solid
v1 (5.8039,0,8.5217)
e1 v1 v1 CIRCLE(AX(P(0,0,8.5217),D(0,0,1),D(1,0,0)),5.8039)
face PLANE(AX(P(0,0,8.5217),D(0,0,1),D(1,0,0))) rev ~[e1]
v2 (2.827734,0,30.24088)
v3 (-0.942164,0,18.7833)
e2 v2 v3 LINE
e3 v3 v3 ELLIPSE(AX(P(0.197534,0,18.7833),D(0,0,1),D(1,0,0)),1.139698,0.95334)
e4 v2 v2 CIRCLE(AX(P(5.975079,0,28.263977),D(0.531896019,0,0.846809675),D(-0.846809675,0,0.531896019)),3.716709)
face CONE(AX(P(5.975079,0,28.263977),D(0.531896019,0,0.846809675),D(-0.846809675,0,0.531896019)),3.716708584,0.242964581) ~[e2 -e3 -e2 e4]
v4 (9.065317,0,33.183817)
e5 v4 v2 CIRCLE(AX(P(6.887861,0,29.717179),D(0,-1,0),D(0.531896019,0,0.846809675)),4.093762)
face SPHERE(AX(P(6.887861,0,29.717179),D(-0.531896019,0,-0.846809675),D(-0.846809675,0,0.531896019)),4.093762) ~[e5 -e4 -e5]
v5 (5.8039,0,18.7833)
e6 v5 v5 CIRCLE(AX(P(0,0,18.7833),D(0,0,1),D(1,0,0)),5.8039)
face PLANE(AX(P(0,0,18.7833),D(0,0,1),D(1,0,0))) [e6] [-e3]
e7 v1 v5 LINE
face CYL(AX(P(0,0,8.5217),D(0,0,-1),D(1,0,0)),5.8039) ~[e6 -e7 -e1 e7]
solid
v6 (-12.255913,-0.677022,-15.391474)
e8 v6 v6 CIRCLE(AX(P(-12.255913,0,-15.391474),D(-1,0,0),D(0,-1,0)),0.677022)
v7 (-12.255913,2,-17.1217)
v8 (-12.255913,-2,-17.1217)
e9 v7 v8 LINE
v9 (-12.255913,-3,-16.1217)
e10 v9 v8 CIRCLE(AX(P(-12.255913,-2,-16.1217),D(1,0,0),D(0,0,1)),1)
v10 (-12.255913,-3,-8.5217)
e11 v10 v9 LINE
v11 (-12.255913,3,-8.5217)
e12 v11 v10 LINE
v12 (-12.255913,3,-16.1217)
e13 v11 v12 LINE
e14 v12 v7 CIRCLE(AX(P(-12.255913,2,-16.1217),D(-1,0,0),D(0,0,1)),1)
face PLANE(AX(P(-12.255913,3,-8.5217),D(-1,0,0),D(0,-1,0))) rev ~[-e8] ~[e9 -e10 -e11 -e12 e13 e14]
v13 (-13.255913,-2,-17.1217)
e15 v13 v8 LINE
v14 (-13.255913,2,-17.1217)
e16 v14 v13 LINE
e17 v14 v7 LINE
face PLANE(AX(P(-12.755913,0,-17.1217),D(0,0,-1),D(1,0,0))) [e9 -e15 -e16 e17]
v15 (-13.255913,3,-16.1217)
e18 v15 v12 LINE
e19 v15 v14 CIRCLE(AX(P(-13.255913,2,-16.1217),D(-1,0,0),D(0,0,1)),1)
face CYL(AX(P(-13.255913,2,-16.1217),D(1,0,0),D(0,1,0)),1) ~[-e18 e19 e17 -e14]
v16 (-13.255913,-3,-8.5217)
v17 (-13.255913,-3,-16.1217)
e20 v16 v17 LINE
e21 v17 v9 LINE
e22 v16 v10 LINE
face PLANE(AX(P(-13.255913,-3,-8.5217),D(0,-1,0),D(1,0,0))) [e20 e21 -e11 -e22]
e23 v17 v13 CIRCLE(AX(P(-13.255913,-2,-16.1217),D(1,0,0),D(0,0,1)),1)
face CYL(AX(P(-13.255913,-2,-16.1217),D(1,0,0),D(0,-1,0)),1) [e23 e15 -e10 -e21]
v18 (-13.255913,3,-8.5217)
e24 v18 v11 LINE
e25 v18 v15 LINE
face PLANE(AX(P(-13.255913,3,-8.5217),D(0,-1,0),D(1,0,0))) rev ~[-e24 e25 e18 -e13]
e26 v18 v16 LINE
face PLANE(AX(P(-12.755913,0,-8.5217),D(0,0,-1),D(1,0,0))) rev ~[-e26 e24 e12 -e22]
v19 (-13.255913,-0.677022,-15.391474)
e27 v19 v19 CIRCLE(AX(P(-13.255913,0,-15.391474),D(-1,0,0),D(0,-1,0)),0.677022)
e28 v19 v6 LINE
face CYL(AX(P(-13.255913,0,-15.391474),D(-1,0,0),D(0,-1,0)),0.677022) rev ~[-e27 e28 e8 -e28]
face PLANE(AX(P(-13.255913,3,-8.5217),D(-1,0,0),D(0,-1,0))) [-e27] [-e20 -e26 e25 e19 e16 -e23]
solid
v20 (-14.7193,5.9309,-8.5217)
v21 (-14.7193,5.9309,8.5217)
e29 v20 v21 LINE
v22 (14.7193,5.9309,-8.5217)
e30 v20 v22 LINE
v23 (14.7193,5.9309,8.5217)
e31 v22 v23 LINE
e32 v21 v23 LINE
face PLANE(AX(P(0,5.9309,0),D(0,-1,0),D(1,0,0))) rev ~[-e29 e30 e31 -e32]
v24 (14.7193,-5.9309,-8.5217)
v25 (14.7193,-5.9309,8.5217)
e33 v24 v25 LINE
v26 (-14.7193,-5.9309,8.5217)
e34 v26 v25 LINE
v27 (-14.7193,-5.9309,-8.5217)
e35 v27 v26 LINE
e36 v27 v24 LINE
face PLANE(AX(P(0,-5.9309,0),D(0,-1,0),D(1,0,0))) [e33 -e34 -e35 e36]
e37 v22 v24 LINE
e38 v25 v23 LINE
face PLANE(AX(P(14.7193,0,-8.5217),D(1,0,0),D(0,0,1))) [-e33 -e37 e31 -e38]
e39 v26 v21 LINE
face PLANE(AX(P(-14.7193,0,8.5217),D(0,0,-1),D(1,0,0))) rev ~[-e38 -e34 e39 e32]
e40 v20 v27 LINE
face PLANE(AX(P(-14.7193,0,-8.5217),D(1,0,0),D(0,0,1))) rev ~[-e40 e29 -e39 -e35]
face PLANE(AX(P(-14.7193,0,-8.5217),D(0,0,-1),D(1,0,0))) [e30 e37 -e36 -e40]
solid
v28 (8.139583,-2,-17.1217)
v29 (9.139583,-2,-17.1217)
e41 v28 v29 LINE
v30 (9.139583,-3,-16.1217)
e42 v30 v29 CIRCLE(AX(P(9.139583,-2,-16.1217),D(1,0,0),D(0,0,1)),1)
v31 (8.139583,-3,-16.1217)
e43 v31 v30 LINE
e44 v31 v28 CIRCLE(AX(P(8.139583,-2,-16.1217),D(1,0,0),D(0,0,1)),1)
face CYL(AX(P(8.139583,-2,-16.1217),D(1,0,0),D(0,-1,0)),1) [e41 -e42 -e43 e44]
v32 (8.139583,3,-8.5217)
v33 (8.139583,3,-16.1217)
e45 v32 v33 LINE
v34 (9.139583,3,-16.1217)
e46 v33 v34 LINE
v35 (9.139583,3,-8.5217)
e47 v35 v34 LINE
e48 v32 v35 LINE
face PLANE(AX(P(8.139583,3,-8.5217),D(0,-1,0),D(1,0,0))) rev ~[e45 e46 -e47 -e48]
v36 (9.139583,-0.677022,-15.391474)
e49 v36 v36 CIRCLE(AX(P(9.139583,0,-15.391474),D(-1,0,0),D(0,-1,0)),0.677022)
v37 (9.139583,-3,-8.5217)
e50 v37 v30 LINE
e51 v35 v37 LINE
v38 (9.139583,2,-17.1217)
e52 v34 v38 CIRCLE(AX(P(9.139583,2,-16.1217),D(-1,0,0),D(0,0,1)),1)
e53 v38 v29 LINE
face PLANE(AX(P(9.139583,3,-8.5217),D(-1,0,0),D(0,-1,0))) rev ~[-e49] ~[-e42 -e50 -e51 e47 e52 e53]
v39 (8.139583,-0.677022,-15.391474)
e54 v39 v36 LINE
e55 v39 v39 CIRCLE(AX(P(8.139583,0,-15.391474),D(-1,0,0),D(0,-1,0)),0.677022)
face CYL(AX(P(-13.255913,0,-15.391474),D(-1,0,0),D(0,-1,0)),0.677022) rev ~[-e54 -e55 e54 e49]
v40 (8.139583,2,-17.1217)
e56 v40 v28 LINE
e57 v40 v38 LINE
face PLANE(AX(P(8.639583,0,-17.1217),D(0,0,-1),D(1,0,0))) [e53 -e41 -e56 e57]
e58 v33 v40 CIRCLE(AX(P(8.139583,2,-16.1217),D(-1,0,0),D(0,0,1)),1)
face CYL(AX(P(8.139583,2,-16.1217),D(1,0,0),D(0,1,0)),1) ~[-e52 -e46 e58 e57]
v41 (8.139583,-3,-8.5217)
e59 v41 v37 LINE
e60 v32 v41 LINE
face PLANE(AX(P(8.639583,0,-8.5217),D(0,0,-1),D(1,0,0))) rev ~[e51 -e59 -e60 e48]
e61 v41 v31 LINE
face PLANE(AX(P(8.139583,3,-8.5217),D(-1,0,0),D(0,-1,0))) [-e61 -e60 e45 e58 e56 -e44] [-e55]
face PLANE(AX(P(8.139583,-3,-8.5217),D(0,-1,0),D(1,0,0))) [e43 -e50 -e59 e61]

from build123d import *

# Parameters (mm, degrees)
F0_W      = 29.4386
F0_H      = 17.0434
F1_DEPTH  = 5.9309
F2_R      = 5.8039
F3_DEPTH  = 10.2616
F6_W      = 1
F6_H      = 6
F7_DEPTH  = 8.6
F8_R      = 1
F8_2_R    = 1
F9_R      = 0.6770222616
F10_DEPTH = 500


with BuildPart() as f1:
    # F0 (on Front) → F1 (new body, symmetric)
    with BuildSketch(Plane.XZ):
        Rectangle(F0_W, F0_H)
    extrude(amount=F1_DEPTH, both=True)


with BuildPart() as f3:
    # F2 (on face) → F3 (new body)
    with BuildSketch(Plane.XY.offset(8.5217)):
        Circle(F2_R)
    extrude(amount=F3_DEPTH)

    # F4 (on Front) → F5 (revolve)
    with BuildSketch(Plane.XZ):
        with BuildLine():
            Line((-0.9526929156, 18.7513008714), (0, 18.7513008714))
            Line((0, 18.7513008714), (9.0653166076, 33.1838168809))
            ThreePointArc((9.0653166076, 33.1838168809), (5.141054484, 33.4195512623), (2.8277341607, 30.2408796852))
            Line((2.8277341607, 30.2408796852), (-0.9526929156, 18.7513008714))
        make_face()
    revolve(axis=Axis((4.5326583038, 0, 25.9675588761), (0.5318960188, 0, 0.8468096747)))


with BuildPart() as f7:
    # F6 (on face) → F7 (new body)
    with BuildSketch(Plane(origin=(0, 0, -8.5217), x_dir=(1, 0, 0), z_dir=(0, 0, -1))):
        with Locations((8.6395833641, 0)):
            Rectangle(F6_W, F6_H)
    extrude(amount=F7_DEPTH)

    # F8
    f8_edges = [f7.edges().sort_by_distance(p)[0] for p in [
        (8.639583, 3, -17.1217),
        (8.639583, -3, -17.1217),
    ]]
    fillet(f8_edges, radius=F8_R)


with BuildPart() as f7b:
    # F6 (on face) → F7, piece 2 (new body)
    with BuildSketch(Plane(origin=(0, 0, -8.5217), x_dir=(1, 0, 0), z_dir=(0, 0, -1))):
        with Locations((-12.7559127286, 0)):
            Rectangle(F6_W, F6_H)
    extrude(amount=F7_DEPTH)

    # F8#2
    f8_2_edges = [f7b.edges().sort_by_distance(p)[0] for p in [
        (-12.755913, -3, -17.1217),
        (-12.755913, 3, -17.1217),
    ]]
    fillet(f8_2_edges, radius=F8_2_R)


with BuildPart() as f10_tool:
    # F9 (on face) → F10 (new body)
    with BuildSketch(Plane(origin=(-13.2559127286, 0, 0), x_dir=(0, -1, 0), z_dir=(-1, 0, 0))):
        with Locations((0, -15.3914736584)):
            Circle(F9_R)
    extrude(amount=-F10_DEPTH)


with BuildPart() as f7_1:
    add(f7.part)

    # F10: cut by f10_tool
    add(f10_tool.part, mode=Mode.SUBTRACT)


with BuildPart() as f7b_1:
    add(f7b.part)

    # F10: cut by f10_tool
    add(f10_tool.part, mode=Mode.SUBTRACT)


solid = Compound([f1.part, f3.part, f7_1.part, f7b_1.part])
